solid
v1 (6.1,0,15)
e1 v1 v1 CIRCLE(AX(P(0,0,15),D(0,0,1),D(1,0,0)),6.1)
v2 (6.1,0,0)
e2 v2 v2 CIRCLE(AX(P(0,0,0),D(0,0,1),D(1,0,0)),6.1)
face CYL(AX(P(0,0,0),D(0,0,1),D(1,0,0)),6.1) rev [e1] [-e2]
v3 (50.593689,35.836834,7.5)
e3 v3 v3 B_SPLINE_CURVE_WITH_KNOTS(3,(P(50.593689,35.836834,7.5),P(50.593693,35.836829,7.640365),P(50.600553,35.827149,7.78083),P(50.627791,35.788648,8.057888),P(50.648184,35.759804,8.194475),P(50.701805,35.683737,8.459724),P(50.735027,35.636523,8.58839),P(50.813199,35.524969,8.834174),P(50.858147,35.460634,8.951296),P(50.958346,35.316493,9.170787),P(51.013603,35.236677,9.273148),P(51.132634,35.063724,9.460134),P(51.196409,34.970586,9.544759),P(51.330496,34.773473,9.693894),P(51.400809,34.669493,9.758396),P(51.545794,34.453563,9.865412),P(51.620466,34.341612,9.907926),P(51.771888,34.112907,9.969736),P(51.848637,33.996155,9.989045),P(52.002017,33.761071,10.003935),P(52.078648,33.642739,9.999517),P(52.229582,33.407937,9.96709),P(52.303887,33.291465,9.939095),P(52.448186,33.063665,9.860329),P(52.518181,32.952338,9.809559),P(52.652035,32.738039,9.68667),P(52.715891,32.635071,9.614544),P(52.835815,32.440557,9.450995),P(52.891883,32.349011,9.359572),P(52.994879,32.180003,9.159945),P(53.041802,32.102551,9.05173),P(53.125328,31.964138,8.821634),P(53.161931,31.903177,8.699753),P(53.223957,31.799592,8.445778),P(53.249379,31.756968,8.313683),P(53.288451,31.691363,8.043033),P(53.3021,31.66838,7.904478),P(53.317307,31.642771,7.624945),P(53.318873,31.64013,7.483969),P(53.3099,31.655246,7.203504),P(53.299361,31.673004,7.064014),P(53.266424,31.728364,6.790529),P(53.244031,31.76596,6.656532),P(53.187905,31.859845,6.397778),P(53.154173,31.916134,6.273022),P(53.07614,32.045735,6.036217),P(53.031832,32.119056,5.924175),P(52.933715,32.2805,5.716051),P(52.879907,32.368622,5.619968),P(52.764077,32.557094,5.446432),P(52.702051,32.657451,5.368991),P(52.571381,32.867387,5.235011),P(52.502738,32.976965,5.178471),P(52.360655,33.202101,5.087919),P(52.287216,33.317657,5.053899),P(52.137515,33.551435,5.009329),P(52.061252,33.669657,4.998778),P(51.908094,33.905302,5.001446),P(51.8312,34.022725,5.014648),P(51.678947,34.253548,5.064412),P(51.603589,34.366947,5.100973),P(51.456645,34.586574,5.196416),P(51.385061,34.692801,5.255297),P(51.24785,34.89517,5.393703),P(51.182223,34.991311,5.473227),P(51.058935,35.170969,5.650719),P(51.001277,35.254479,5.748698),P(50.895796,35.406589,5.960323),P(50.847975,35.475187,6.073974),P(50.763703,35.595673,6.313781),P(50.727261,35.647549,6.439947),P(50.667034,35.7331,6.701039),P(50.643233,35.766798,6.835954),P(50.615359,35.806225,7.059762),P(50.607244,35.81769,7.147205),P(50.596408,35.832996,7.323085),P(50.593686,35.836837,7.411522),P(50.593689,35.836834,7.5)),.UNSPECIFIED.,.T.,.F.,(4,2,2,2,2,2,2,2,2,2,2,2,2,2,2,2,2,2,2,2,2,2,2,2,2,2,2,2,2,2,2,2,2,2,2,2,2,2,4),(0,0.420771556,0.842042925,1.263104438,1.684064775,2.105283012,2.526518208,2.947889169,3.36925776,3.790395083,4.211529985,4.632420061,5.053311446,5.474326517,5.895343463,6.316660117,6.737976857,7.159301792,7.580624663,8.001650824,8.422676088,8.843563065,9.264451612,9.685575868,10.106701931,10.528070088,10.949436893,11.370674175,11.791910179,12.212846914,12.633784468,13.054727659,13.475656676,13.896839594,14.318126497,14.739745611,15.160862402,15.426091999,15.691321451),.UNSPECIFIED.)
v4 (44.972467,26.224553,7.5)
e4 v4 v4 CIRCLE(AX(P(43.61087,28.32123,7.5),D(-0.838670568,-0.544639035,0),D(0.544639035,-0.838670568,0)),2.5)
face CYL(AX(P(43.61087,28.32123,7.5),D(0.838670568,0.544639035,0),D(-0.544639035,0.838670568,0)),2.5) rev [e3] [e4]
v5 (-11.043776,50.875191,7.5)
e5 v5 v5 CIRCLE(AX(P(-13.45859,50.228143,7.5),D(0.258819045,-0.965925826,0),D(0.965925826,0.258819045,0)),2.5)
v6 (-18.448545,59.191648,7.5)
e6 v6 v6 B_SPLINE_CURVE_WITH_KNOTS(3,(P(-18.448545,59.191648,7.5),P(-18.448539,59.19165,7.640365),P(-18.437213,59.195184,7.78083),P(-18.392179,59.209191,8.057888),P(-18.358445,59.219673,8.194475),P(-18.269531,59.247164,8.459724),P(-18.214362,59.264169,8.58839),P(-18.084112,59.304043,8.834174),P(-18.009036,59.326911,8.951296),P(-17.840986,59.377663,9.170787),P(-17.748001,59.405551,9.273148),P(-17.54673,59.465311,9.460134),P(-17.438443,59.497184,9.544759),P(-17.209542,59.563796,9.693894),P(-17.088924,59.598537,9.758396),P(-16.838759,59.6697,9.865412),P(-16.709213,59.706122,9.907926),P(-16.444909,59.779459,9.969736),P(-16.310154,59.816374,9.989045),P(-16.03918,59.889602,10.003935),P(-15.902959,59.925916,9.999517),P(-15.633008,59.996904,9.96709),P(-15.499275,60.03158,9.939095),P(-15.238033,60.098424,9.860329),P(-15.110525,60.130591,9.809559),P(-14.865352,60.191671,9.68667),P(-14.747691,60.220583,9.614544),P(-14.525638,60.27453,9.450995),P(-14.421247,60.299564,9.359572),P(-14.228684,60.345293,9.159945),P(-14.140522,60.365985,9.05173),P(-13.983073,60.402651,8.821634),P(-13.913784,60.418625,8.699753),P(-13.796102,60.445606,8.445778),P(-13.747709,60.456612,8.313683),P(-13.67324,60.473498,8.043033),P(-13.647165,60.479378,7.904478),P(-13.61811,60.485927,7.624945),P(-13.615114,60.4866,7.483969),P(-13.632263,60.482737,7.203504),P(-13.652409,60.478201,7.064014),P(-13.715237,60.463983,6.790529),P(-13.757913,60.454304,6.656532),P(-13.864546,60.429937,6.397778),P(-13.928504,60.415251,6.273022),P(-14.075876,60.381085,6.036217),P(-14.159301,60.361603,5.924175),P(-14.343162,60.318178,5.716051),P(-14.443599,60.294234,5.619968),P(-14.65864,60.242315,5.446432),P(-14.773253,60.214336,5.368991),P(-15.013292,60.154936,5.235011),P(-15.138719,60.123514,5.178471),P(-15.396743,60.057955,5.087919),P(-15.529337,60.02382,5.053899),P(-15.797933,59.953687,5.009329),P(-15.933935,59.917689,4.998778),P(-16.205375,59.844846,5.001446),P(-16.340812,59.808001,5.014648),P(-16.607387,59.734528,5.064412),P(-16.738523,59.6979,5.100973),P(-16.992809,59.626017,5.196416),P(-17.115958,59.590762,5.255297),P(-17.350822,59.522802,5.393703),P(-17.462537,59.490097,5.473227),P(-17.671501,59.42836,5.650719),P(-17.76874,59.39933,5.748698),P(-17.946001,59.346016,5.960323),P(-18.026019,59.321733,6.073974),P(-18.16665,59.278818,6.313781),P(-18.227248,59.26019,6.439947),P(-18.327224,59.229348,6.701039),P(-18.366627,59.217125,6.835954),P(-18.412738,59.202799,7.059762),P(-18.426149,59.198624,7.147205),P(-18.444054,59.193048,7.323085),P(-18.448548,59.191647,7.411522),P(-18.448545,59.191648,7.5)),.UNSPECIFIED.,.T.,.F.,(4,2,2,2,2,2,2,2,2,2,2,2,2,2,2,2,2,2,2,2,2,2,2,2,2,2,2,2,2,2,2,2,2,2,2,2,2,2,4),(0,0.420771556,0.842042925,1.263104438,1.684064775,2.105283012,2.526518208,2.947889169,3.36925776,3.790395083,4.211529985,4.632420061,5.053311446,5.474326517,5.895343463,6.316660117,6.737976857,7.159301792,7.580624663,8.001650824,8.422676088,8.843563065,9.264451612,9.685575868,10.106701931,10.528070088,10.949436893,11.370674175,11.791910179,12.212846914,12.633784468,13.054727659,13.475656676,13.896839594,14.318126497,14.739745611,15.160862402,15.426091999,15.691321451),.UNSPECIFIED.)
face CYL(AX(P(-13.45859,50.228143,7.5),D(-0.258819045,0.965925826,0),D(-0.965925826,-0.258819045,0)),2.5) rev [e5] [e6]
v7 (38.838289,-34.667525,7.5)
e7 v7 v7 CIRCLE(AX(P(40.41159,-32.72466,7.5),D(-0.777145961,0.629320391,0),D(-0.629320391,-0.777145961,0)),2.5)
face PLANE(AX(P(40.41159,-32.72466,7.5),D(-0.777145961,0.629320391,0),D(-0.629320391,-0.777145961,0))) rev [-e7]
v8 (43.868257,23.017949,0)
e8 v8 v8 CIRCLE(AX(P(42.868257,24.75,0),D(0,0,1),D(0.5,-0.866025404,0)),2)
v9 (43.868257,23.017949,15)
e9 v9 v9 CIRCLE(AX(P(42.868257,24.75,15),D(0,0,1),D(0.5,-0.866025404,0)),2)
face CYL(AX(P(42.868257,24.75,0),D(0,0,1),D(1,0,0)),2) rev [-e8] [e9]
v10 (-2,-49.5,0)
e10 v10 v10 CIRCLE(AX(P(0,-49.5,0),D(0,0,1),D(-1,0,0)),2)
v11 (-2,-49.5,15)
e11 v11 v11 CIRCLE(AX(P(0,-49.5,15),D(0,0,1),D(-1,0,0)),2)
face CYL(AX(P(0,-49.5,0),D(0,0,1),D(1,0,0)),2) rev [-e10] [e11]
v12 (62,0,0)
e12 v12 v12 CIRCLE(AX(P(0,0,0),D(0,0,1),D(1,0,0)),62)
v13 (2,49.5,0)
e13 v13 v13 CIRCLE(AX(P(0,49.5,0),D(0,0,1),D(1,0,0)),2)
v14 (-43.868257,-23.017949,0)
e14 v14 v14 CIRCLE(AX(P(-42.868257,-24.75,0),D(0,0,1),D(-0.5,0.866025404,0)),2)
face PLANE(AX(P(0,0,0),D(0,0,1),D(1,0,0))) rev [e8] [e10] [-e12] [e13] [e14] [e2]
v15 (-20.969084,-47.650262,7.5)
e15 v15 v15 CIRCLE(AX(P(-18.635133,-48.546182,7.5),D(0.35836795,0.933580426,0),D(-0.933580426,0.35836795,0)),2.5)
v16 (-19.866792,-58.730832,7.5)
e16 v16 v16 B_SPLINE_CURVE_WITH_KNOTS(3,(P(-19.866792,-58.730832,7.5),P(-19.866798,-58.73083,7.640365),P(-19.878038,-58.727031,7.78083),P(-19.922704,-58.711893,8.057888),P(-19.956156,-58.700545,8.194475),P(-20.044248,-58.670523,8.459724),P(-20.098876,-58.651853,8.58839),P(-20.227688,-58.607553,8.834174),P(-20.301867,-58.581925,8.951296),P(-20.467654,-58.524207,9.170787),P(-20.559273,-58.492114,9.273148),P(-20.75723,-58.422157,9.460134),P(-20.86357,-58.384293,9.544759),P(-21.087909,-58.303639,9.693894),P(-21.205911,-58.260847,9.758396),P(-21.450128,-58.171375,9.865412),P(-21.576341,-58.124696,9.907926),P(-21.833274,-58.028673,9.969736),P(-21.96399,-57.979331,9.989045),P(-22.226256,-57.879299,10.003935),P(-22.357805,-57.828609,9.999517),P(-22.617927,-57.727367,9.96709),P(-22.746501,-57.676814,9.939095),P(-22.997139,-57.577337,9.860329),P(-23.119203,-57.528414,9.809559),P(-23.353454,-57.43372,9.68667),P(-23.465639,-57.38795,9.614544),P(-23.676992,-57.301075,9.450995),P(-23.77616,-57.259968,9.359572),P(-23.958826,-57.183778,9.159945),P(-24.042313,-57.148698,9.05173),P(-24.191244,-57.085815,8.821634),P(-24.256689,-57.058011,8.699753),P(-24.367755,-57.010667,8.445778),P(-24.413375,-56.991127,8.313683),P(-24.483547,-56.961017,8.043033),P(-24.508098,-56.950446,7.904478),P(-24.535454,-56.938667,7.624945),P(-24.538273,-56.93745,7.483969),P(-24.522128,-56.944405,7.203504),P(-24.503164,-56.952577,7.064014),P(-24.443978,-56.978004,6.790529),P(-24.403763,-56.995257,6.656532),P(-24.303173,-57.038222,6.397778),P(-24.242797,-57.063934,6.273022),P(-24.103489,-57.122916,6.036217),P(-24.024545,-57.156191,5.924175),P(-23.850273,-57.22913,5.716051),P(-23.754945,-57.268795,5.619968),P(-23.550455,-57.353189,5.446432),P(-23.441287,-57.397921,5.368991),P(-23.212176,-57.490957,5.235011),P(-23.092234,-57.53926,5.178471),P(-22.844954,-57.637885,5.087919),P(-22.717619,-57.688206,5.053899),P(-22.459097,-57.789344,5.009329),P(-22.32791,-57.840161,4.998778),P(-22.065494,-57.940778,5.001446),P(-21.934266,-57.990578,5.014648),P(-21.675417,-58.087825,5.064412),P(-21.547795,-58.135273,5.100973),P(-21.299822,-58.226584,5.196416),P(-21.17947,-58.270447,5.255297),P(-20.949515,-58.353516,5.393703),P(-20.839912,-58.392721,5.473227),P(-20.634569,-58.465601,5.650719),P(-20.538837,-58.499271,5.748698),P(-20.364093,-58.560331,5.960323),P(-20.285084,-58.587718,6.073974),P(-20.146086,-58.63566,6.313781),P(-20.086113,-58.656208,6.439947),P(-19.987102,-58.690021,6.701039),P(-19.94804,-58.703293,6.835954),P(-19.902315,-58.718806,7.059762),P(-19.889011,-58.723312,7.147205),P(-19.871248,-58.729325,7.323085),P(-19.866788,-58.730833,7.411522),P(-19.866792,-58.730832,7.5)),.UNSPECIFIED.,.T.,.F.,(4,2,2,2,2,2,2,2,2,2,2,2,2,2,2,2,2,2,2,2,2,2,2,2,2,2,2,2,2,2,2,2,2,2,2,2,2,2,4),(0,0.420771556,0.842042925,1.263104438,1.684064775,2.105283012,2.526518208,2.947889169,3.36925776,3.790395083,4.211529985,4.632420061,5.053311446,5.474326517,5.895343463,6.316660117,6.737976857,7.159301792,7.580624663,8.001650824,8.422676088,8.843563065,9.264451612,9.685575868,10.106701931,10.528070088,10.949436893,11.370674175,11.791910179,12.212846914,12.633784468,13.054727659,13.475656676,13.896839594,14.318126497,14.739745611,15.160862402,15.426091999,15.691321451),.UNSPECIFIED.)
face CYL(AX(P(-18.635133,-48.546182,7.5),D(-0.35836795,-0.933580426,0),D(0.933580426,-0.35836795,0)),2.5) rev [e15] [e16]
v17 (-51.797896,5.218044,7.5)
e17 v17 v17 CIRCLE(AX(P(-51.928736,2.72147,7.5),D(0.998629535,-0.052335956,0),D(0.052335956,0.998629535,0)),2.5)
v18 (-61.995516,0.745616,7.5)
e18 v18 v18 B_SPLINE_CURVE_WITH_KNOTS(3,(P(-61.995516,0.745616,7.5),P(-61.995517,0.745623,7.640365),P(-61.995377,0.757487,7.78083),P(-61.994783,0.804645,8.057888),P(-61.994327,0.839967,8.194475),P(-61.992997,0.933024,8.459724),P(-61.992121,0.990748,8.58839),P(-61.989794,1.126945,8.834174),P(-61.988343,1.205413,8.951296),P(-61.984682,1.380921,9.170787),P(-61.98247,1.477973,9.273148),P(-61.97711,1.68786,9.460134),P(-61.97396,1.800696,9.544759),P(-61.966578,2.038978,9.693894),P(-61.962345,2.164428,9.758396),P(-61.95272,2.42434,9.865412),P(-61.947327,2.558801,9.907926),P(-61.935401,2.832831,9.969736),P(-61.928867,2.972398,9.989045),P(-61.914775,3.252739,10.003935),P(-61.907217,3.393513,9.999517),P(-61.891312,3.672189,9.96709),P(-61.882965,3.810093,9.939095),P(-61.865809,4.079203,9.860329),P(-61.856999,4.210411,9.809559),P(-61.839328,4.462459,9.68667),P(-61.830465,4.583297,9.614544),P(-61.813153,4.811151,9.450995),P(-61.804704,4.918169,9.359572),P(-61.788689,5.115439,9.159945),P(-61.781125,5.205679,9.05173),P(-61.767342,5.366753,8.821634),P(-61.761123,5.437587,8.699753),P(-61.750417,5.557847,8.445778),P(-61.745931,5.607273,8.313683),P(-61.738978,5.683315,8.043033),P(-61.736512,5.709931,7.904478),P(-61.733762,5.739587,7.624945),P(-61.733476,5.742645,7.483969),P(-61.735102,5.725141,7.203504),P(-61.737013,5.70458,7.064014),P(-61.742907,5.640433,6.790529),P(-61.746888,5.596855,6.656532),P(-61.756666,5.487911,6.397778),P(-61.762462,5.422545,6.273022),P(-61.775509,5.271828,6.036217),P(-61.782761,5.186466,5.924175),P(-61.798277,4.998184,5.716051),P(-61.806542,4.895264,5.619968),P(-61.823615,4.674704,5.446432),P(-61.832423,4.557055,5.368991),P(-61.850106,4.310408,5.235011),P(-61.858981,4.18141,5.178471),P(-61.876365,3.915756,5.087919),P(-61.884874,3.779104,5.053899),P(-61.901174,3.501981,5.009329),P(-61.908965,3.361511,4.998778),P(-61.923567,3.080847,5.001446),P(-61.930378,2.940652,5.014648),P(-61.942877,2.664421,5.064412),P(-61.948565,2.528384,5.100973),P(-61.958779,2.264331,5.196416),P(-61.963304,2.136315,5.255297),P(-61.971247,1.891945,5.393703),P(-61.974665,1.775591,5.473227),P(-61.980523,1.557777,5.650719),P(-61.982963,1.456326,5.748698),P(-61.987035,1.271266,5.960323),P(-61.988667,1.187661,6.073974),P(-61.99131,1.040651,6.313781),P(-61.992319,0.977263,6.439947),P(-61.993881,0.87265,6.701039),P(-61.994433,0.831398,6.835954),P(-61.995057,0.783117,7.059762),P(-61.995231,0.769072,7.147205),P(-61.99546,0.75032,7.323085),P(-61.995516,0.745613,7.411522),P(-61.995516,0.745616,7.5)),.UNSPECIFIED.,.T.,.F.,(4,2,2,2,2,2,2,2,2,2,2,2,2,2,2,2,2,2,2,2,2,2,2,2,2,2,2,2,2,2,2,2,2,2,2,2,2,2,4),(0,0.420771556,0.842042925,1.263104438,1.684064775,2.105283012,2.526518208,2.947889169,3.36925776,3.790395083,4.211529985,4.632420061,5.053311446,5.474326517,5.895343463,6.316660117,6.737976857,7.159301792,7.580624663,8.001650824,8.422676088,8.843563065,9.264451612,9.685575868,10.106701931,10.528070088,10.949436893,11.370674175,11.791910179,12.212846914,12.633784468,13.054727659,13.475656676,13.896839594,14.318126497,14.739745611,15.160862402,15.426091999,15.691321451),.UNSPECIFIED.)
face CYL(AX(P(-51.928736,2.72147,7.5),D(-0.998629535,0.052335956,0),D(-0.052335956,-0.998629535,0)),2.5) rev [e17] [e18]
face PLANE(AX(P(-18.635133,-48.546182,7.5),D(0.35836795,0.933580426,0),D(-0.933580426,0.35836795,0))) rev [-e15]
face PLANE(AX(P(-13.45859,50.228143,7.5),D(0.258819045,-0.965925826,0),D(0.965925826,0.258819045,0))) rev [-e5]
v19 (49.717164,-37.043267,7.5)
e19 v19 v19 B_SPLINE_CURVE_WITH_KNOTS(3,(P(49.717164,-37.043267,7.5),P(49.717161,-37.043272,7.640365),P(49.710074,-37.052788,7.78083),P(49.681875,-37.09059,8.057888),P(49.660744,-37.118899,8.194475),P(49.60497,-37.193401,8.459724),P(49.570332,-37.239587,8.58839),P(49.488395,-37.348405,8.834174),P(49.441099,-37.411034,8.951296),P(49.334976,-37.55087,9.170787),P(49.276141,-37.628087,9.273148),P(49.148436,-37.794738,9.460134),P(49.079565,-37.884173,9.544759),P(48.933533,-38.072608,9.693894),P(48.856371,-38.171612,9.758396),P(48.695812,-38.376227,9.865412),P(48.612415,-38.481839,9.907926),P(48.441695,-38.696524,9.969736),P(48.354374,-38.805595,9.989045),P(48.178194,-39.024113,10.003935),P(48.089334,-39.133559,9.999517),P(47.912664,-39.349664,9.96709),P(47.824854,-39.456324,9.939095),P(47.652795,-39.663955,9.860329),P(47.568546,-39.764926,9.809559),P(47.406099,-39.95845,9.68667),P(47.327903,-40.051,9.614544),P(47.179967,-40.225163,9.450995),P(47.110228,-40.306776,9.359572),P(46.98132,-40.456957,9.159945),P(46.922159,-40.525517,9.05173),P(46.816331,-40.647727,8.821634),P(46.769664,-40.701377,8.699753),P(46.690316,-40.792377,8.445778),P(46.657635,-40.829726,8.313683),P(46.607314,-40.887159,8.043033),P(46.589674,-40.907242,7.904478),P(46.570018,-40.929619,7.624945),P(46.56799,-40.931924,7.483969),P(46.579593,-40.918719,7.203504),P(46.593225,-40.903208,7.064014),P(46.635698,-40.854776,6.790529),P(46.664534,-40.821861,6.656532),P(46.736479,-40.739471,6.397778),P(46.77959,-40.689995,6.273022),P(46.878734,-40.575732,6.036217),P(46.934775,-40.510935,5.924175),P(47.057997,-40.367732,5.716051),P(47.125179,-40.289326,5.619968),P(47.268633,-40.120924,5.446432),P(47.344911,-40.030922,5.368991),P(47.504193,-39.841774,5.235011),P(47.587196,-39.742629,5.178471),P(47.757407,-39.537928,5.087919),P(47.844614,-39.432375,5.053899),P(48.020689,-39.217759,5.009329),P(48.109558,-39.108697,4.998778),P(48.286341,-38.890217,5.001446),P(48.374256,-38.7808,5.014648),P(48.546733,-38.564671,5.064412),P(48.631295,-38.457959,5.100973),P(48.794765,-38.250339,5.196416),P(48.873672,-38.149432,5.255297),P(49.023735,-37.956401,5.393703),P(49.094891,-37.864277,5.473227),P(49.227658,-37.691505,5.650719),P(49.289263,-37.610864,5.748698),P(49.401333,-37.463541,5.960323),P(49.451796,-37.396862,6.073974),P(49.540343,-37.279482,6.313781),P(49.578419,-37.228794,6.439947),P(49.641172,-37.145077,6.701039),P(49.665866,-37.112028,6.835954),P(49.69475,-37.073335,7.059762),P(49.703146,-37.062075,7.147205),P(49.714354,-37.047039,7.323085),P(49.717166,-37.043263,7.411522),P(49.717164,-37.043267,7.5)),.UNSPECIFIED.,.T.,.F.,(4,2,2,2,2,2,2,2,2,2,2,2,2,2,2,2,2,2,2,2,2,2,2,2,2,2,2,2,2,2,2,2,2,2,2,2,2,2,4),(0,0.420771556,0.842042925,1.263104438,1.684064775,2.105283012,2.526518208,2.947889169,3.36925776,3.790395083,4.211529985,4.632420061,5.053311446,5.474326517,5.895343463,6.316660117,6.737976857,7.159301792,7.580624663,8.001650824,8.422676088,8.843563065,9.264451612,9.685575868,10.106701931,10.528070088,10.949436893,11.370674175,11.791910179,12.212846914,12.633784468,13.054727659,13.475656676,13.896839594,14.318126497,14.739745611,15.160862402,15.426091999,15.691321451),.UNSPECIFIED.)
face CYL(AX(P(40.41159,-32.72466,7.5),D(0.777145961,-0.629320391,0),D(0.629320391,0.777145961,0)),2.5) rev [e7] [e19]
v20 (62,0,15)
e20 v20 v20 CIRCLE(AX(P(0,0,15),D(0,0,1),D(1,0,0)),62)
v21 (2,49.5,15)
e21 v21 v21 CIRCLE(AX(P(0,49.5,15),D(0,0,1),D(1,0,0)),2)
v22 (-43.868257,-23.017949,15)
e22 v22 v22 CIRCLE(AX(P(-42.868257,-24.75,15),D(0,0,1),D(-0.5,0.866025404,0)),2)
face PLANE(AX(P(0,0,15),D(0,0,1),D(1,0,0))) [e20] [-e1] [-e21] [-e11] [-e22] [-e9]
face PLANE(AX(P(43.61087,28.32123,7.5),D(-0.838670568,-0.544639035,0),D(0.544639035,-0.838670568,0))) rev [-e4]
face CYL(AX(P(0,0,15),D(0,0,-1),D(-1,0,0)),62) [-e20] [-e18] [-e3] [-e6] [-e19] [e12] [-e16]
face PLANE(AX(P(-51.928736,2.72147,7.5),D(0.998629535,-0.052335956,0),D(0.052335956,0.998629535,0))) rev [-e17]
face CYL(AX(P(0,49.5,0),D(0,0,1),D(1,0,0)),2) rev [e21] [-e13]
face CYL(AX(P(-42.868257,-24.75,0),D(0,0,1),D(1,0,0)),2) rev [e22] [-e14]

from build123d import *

# Parameters (mm, degrees)
SKETCH1_R                   = 62
BOSS_EXTRUDE1_DEPTH         = 15
SKETCH2_R                   = 2
CUT_EXTRUDE1_DEPTH          = 15
CIRPATTERN1_COUNT           = 2
CIRPATTERN1_ANGLE           = 60
CIRPATTERN2_COUNT           = 2
CIRPATTERN2_COPY_1_SKETCH_R = 2
CIRPATTERN2_COPY_1_DEPTH    = 15
SKETCH3_R                   = 6.1
CUT_EXTRUDE2_DEPTH          = 15
SKETCH4_R                   = 2.5
CUT_EXTRUDE4_DEPTH          = 10
CIRPATTERN5_COUNT           = 5


with BuildPart() as part:
    # Sketch1 → Boss-Extrude1 (new body)
    with BuildSketch(Plane.XY):
        Circle(SKETCH1_R)
    extrude(amount=BOSS_EXTRUDE1_DEPTH)

    # Sketch2 → Cut-Extrude1 (cut)
    with BuildSketch(Plane.XY.offset(15)):
        with Locations((0, 49.5)):
            Circle(SKETCH2_R)
    cut_extrude1 = extrude(amount=-CUT_EXTRUDE1_DEPTH, mode=Mode.SUBTRACT)

    # CirPattern1: Cut-Extrude1 ×2 about axis
    cirpattern1_axis = Axis((0, 0, 15), (0, 0, -1))
    for i in range(1, CIRPATTERN1_COUNT):
        add(cut_extrude1.rotate(cirpattern1_axis, i * CIRPATTERN1_ANGLE / (CIRPATTERN1_COUNT - 1)), mode=Mode.SUBTRACT)

    # CirPattern2: Cut-Extrude1 ×2 about axis
    cirpattern2_axis = Axis((0, 0, 15), (0, 0, -1))
    for i in range(1, CIRPATTERN2_COUNT):
        add(cut_extrude1.rotate(cirpattern2_axis, i * 360 / CIRPATTERN2_COUNT), mode=Mode.SUBTRACT)

    # CirPattern2 copy 1 sketch → CirPattern2 copy 1 (cut)
    with BuildSketch(Plane(origin=(0, 0, 15), x_dir=(-0.4999999999999979, 0.8660254037844398, 0), z_dir=(0, 0, 1))):
        with Locations((0, 49.5)):
            Circle(CIRPATTERN2_COPY_1_SKETCH_R)
    extrude(amount=-CIRPATTERN2_COPY_1_DEPTH, mode=Mode.SUBTRACT)

    # Sketch3 → Cut-Extrude2 (cut)
    with BuildSketch(Plane.XY.offset(15)):
        Circle(SKETCH3_R)
    extrude(amount=-CUT_EXTRUDE2_DEPTH, mode=Mode.SUBTRACT)

    # Sketch4 → Cut-Extrude4 (cut)
    with BuildSketch(Plane(origin=(51.997575213, 33.767620171, 0), x_dir=(0, 0, -1), z_dir=(-0.8386705679454236, -0.544639035015028, 0))):
        with Locations((-7.5, 0)):
            Circle(SKETCH4_R)
    cut_extrude4 = extrude(amount=CUT_EXTRUDE4_DEPTH, mode=Mode.SUBTRACT)

    # CirPattern5: Cut-Extrude4 ×5 about axis
    cirpattern5_axis = Axis((0, 0, 0), (0, 0, 1))
    for i in range(1, CIRPATTERN5_COUNT):
        add(cut_extrude4.rotate(cirpattern5_axis, i * 360 / CIRPATTERN5_COUNT), mode=Mode.SUBTRACT)


solid = part.part
